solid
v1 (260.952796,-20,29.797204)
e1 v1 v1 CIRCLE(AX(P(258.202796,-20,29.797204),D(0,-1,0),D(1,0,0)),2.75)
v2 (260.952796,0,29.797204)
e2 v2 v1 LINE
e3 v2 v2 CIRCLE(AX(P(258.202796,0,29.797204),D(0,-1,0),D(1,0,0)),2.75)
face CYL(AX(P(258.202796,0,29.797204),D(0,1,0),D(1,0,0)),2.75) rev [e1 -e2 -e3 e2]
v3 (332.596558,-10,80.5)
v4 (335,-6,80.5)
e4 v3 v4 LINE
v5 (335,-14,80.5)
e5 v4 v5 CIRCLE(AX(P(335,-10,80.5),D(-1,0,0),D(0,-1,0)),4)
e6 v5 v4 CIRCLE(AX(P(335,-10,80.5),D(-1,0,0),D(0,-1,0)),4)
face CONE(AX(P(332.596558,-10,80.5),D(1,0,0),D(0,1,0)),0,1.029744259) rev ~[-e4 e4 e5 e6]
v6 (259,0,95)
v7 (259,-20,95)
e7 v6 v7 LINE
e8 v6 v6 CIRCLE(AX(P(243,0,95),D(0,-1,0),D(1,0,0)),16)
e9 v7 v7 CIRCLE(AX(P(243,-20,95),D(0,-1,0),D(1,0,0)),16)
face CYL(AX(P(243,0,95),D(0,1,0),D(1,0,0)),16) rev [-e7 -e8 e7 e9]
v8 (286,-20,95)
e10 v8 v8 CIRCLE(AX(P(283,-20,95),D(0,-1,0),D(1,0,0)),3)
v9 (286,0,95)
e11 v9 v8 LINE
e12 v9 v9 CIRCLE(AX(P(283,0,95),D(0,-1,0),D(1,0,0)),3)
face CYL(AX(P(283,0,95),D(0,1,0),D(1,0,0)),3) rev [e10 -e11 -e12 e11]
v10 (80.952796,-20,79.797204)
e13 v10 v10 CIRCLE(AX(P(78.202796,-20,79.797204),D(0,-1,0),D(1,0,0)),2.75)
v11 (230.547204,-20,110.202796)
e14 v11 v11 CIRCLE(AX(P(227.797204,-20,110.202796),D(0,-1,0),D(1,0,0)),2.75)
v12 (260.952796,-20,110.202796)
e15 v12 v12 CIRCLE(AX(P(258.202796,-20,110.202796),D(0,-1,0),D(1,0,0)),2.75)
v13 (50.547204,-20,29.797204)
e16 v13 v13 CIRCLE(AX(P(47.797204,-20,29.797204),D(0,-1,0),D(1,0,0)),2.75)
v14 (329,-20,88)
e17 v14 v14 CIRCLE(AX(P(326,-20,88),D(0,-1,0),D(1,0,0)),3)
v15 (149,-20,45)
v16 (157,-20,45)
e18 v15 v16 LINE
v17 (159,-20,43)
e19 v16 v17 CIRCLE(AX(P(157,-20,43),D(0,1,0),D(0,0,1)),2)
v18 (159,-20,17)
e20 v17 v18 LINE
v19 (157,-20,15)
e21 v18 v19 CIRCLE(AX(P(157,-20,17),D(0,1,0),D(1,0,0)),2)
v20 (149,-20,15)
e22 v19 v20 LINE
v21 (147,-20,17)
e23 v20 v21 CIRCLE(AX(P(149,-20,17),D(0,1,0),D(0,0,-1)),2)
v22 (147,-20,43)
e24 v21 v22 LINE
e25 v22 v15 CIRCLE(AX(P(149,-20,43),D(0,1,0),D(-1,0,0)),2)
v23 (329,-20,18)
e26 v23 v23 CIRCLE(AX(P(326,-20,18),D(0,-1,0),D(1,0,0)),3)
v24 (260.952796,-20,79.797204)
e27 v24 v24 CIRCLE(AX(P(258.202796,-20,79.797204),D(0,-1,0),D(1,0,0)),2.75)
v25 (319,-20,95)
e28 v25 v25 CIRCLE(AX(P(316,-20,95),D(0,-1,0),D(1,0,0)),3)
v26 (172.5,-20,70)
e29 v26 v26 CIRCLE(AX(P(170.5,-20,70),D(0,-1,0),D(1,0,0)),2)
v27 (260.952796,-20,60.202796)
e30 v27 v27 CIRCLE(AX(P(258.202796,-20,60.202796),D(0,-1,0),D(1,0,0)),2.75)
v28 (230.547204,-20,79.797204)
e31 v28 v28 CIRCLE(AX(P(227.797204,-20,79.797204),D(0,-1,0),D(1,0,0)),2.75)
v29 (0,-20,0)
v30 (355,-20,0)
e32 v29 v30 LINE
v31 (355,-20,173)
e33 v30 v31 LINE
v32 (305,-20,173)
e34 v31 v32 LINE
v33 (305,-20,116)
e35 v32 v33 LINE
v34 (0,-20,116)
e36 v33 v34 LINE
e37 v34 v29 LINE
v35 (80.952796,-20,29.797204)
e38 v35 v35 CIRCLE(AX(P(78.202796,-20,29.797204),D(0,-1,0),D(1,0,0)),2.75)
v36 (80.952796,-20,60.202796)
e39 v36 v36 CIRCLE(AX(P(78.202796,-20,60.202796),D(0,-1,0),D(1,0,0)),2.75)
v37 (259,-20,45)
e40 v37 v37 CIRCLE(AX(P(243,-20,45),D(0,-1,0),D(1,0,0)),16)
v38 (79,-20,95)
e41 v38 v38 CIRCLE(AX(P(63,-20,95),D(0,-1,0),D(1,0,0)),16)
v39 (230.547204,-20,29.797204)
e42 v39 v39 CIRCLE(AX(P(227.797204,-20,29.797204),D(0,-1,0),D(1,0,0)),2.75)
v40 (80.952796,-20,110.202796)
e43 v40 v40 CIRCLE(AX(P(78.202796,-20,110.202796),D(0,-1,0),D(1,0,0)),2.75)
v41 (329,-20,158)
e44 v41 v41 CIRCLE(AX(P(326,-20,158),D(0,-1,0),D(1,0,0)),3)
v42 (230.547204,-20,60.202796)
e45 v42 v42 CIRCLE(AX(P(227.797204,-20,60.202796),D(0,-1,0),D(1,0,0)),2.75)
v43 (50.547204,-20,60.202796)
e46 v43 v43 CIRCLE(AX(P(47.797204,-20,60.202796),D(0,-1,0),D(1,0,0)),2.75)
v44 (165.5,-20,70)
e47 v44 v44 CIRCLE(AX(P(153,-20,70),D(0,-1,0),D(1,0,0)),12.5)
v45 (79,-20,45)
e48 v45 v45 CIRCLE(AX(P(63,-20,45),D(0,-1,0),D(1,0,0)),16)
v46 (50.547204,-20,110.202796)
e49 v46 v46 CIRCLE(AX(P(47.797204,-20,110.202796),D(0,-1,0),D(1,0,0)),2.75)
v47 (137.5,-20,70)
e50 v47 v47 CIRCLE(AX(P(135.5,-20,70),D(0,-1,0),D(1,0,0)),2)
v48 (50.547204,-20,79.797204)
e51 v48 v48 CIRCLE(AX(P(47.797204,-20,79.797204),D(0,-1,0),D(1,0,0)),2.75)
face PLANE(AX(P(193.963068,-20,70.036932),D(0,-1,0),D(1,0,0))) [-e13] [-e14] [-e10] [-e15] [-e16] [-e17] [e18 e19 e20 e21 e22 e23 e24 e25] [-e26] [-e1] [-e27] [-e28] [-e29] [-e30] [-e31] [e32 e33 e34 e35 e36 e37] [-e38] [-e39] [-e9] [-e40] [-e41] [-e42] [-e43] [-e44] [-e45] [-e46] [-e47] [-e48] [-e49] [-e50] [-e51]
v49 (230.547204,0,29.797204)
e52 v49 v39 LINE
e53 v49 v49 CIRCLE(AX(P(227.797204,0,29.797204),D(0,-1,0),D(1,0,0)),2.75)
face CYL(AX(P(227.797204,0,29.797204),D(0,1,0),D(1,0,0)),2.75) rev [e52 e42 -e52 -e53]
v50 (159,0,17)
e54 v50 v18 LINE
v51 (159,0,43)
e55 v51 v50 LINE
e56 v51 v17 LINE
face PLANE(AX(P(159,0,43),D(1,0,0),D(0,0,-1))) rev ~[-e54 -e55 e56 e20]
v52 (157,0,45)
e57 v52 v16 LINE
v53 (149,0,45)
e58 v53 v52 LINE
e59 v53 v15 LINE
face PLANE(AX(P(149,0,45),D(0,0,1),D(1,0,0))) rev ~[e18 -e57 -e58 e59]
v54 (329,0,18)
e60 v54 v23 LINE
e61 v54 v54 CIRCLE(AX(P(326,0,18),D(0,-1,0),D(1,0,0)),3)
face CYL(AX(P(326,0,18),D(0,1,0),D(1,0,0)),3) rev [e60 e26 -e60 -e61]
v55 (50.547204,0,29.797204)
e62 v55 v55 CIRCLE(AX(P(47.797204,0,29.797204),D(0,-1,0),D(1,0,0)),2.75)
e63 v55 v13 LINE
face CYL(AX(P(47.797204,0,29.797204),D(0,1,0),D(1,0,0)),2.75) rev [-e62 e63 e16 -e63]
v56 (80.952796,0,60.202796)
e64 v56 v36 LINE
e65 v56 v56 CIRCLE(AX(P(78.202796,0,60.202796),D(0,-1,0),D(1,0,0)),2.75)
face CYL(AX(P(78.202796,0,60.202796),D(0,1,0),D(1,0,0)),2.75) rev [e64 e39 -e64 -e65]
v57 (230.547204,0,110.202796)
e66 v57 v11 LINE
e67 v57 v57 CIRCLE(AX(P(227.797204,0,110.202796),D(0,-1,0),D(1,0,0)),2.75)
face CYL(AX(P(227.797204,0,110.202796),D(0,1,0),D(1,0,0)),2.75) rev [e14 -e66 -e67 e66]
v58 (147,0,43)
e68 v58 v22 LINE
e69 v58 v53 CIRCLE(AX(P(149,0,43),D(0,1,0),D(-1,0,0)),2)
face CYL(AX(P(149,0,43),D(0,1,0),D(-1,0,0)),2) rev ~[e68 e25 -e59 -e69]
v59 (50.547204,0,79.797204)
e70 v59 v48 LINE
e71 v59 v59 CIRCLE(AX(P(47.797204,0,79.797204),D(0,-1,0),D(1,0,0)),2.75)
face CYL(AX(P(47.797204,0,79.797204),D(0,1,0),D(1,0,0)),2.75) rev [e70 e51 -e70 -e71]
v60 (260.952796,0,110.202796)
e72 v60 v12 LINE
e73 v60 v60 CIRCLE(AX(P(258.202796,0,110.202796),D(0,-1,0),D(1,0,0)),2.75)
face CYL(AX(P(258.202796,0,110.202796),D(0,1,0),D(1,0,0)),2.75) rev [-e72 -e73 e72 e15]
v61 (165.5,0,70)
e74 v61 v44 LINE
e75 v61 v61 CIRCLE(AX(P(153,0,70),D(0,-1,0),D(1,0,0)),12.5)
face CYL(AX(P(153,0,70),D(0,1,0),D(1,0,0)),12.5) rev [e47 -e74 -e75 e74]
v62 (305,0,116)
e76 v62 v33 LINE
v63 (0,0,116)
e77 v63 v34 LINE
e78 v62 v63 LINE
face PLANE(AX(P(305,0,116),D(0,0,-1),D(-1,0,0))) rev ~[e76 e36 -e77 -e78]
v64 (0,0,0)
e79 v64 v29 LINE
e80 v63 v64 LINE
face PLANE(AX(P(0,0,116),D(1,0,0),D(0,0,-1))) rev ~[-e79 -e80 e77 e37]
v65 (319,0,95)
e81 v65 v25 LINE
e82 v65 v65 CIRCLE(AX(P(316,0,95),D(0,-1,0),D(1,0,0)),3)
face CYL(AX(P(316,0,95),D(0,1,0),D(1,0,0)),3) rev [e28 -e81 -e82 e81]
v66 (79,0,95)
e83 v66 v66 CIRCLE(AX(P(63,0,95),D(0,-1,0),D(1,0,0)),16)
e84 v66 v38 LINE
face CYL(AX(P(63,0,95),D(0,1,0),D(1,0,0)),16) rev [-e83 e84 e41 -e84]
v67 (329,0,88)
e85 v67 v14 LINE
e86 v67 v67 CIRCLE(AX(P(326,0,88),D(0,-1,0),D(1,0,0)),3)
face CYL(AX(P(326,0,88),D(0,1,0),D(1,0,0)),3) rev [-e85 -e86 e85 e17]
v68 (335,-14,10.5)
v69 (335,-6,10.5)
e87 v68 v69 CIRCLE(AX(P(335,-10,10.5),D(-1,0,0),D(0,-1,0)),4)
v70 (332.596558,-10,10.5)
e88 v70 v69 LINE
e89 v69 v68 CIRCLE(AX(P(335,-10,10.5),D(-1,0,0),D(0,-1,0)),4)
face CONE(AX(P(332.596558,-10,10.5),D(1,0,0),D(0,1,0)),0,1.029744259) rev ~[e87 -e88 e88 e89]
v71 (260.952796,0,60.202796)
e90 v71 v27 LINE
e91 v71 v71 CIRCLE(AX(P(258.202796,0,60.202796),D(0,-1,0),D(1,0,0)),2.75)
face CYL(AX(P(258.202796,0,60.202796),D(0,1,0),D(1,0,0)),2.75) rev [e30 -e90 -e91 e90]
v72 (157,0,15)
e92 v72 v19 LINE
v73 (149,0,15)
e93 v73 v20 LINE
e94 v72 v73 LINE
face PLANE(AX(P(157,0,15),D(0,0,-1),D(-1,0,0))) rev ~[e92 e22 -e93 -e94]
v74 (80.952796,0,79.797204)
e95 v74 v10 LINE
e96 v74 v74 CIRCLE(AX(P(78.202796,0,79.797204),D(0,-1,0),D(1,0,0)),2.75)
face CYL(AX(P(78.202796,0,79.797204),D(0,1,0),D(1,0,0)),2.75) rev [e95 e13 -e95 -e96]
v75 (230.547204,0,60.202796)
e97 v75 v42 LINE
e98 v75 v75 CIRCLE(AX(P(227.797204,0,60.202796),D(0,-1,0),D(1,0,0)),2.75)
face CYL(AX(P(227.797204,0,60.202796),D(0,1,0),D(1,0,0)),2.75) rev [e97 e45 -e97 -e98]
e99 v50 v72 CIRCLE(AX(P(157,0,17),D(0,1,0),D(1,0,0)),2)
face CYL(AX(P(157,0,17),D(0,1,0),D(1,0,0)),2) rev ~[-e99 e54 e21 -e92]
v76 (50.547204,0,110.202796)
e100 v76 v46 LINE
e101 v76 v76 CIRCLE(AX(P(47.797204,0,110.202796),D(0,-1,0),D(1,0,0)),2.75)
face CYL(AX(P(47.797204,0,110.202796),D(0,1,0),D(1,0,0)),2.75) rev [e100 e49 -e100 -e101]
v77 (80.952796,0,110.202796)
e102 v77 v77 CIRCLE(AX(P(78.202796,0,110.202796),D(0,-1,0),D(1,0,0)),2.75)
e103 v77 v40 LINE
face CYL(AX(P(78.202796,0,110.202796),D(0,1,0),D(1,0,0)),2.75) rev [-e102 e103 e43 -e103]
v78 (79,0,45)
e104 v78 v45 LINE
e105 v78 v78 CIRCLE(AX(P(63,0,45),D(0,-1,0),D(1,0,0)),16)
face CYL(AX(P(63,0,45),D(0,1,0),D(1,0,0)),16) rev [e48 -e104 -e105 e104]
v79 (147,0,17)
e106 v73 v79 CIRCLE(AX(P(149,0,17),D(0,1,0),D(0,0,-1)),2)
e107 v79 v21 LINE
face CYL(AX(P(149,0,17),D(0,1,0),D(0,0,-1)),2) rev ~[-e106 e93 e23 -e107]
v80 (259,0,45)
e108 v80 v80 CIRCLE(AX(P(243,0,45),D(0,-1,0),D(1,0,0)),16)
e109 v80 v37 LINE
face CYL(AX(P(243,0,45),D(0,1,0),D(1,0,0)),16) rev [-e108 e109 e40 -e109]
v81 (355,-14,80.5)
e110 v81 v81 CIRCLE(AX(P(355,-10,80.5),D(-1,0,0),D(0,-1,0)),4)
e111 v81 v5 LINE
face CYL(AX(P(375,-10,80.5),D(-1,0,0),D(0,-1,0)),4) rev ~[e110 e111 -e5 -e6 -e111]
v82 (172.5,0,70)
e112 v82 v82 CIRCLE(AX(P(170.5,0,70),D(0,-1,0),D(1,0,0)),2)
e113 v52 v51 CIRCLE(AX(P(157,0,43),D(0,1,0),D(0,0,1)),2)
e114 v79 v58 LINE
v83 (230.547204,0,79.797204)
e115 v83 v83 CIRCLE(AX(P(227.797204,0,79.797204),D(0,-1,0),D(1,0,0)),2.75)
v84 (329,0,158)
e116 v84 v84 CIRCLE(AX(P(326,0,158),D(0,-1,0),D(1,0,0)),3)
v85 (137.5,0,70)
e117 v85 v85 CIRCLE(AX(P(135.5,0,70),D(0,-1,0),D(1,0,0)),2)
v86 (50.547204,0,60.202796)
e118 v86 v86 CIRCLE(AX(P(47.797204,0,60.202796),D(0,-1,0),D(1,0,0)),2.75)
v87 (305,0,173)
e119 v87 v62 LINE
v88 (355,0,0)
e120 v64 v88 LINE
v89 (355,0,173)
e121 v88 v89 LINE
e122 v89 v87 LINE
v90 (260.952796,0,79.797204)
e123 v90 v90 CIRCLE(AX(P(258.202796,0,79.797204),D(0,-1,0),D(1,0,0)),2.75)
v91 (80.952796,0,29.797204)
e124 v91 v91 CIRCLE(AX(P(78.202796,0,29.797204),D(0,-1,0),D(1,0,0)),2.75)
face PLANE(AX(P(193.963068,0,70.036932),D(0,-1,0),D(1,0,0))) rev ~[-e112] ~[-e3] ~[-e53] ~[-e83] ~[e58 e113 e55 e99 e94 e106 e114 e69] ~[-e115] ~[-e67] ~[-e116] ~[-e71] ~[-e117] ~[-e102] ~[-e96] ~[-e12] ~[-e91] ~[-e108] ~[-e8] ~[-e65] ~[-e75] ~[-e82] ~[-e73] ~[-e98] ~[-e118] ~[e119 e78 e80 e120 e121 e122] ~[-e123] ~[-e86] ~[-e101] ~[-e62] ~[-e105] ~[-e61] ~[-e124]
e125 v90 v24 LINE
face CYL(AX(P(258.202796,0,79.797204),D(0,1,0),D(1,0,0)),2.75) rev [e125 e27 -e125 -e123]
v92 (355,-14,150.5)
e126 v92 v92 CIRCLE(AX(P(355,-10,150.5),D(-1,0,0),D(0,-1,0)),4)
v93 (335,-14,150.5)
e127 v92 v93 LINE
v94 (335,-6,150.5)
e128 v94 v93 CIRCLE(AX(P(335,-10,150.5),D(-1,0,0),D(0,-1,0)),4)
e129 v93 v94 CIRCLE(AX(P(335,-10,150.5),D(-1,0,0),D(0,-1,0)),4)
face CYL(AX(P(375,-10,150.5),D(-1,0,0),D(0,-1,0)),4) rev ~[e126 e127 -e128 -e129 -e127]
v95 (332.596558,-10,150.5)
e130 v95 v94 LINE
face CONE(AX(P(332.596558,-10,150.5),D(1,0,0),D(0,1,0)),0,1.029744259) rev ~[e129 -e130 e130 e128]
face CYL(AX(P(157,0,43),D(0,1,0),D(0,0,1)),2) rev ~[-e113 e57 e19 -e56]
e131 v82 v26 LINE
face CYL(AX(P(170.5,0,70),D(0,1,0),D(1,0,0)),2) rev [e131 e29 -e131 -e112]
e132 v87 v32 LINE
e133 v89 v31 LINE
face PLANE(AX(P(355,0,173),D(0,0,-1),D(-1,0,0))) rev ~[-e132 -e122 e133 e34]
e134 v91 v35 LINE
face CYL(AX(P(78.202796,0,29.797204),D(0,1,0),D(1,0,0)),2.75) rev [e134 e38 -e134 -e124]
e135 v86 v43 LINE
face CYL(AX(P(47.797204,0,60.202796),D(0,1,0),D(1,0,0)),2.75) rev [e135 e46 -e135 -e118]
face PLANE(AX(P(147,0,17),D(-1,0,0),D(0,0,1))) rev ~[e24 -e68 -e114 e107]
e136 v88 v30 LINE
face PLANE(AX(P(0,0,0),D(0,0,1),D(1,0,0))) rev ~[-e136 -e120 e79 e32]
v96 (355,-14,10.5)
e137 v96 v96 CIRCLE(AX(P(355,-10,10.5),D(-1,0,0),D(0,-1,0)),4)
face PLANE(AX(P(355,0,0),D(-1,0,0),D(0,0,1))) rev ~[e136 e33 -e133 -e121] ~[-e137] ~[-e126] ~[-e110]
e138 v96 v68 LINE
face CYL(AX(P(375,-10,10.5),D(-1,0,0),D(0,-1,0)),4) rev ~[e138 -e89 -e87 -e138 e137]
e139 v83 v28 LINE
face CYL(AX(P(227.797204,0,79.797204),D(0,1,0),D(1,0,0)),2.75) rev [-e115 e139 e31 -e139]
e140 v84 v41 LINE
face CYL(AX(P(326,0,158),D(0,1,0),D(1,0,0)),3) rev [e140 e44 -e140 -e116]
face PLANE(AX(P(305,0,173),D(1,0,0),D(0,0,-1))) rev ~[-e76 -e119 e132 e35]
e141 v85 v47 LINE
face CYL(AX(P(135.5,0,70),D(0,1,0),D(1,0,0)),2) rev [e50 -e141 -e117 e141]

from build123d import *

# Parameters (mm, degrees)
F0_R     = 2.75
F0_R_2   = 16
F0_R_3   = 2
F0_R_4   = 12.5
F0_R_5   = 3
F1_DEPTH = 20
F3_D     = 8
F3_DEPTH = 20
F3_TIP   = 2.4034424761


with BuildPart() as f1:
    # F0 (on Front) → F1 (new body)
    with BuildSketch(Plane.XZ):
        Polygon((0, 115), (0, 0), (355, 0), (355, 173), (305, 173), (305, 116), (0, 116), align=None)
        with Locations((47.7972042045, 29.7972042045)):
            Circle(F0_R, mode=Mode.SUBTRACT)
        with Locations((78.2027957955, 29.7972042045)):
            Circle(F0_R, mode=Mode.SUBTRACT)
        with BuildLine():
            ThreePointArc((147, 43), (147.5857864376, 44.4142135624), (149, 45))
            Line((149, 45), (157, 45))
            ThreePointArc((157, 45), (158.4142135624, 44.4142135624), (159, 43))
            Line((159, 43), (159, 17))
            ThreePointArc((159, 17), (158.4142135624, 15.5857864376), (157, 15))
            Line((157, 15), (149, 15))
            ThreePointArc((149, 15), (147.5857864376, 15.5857864376), (147, 17))
            Line((147, 17), (147, 43))
        make_face(mode=Mode.SUBTRACT)
        with Locations((63, 45)):
            Circle(F0_R_2, mode=Mode.SUBTRACT)
        with Locations((47.7972042045, 60.2027957955)):
            Circle(F0_R, mode=Mode.SUBTRACT)
        with Locations((78.2027957955, 60.2027957955)):
            Circle(F0_R, mode=Mode.SUBTRACT)
        with Locations((47.7972042045, 79.7972042045)):
            Circle(F0_R, mode=Mode.SUBTRACT)
        with Locations((78.2027957955, 79.7972042045)):
            Circle(F0_R, mode=Mode.SUBTRACT)
        with Locations((135.5, 70)):
            Circle(F0_R_3, mode=Mode.SUBTRACT)
        with Locations((153, 70)):
            Circle(F0_R_4, mode=Mode.SUBTRACT)
        with Locations((170.5, 70)):
            Circle(F0_R_3, mode=Mode.SUBTRACT)
        with Locations((227.7972042045, 29.7972042045)):
            Circle(F0_R, mode=Mode.SUBTRACT)
        with Locations((258.2027957955, 29.7972042045)):
            Circle(F0_R, mode=Mode.SUBTRACT)
        with Locations((326, 18)):
            Circle(F0_R_5, mode=Mode.SUBTRACT)
        with Locations((243, 45)):
            Circle(F0_R_2, mode=Mode.SUBTRACT)
        with Locations((227.7972042045, 60.2027957955)):
            Circle(F0_R, mode=Mode.SUBTRACT)
        with Locations((258.2027957955, 60.2027957955)):
            Circle(F0_R, mode=Mode.SUBTRACT)
        with Locations((227.7972042045, 79.7972042045)):
            Circle(F0_R, mode=Mode.SUBTRACT)
        with Locations((258.2027957955, 79.7972042045)):
            Circle(F0_R, mode=Mode.SUBTRACT)
        with Locations((63, 95)):
            Circle(F0_R_2, mode=Mode.SUBTRACT)
        with Locations((47.7972042045, 110.2027957955)):
            Circle(F0_R, mode=Mode.SUBTRACT)
        with Locations((78.2027957955, 110.2027957955)):
            Circle(F0_R, mode=Mode.SUBTRACT)
        with Locations((243, 95)):
            Circle(F0_R_2, mode=Mode.SUBTRACT)
        with Locations((227.7972042045, 110.2027957955)):
            Circle(F0_R, mode=Mode.SUBTRACT)
        with Locations((258.2027957955, 110.2027957955)):
            Circle(F0_R, mode=Mode.SUBTRACT)
        with Locations((283, 95)):
            Circle(F0_R_5, mode=Mode.SUBTRACT)
        with Locations((326, 88)):
            Circle(F0_R_5, mode=Mode.SUBTRACT)
        with Locations((316, 95)):
            Circle(F0_R_5, mode=Mode.SUBTRACT)
        with Locations((326, 158)):
            Circle(F0_R_5, mode=Mode.SUBTRACT)
    extrude(amount=F1_DEPTH)

    # F3
    with Locations(Plane.YZ.offset(355)):
        with Locations((-10, 150.5), (-10, 80.5), (-10, 10.5)):
            Hole(F3_D / 2, depth=F3_DEPTH)
            with Locations((0, 0, -(F3_DEPTH + F3_TIP / 2))):  # 118° drill point
                Cone(0, F3_D / 2, F3_TIP, mode=Mode.SUBTRACT)


solid = f1.part
